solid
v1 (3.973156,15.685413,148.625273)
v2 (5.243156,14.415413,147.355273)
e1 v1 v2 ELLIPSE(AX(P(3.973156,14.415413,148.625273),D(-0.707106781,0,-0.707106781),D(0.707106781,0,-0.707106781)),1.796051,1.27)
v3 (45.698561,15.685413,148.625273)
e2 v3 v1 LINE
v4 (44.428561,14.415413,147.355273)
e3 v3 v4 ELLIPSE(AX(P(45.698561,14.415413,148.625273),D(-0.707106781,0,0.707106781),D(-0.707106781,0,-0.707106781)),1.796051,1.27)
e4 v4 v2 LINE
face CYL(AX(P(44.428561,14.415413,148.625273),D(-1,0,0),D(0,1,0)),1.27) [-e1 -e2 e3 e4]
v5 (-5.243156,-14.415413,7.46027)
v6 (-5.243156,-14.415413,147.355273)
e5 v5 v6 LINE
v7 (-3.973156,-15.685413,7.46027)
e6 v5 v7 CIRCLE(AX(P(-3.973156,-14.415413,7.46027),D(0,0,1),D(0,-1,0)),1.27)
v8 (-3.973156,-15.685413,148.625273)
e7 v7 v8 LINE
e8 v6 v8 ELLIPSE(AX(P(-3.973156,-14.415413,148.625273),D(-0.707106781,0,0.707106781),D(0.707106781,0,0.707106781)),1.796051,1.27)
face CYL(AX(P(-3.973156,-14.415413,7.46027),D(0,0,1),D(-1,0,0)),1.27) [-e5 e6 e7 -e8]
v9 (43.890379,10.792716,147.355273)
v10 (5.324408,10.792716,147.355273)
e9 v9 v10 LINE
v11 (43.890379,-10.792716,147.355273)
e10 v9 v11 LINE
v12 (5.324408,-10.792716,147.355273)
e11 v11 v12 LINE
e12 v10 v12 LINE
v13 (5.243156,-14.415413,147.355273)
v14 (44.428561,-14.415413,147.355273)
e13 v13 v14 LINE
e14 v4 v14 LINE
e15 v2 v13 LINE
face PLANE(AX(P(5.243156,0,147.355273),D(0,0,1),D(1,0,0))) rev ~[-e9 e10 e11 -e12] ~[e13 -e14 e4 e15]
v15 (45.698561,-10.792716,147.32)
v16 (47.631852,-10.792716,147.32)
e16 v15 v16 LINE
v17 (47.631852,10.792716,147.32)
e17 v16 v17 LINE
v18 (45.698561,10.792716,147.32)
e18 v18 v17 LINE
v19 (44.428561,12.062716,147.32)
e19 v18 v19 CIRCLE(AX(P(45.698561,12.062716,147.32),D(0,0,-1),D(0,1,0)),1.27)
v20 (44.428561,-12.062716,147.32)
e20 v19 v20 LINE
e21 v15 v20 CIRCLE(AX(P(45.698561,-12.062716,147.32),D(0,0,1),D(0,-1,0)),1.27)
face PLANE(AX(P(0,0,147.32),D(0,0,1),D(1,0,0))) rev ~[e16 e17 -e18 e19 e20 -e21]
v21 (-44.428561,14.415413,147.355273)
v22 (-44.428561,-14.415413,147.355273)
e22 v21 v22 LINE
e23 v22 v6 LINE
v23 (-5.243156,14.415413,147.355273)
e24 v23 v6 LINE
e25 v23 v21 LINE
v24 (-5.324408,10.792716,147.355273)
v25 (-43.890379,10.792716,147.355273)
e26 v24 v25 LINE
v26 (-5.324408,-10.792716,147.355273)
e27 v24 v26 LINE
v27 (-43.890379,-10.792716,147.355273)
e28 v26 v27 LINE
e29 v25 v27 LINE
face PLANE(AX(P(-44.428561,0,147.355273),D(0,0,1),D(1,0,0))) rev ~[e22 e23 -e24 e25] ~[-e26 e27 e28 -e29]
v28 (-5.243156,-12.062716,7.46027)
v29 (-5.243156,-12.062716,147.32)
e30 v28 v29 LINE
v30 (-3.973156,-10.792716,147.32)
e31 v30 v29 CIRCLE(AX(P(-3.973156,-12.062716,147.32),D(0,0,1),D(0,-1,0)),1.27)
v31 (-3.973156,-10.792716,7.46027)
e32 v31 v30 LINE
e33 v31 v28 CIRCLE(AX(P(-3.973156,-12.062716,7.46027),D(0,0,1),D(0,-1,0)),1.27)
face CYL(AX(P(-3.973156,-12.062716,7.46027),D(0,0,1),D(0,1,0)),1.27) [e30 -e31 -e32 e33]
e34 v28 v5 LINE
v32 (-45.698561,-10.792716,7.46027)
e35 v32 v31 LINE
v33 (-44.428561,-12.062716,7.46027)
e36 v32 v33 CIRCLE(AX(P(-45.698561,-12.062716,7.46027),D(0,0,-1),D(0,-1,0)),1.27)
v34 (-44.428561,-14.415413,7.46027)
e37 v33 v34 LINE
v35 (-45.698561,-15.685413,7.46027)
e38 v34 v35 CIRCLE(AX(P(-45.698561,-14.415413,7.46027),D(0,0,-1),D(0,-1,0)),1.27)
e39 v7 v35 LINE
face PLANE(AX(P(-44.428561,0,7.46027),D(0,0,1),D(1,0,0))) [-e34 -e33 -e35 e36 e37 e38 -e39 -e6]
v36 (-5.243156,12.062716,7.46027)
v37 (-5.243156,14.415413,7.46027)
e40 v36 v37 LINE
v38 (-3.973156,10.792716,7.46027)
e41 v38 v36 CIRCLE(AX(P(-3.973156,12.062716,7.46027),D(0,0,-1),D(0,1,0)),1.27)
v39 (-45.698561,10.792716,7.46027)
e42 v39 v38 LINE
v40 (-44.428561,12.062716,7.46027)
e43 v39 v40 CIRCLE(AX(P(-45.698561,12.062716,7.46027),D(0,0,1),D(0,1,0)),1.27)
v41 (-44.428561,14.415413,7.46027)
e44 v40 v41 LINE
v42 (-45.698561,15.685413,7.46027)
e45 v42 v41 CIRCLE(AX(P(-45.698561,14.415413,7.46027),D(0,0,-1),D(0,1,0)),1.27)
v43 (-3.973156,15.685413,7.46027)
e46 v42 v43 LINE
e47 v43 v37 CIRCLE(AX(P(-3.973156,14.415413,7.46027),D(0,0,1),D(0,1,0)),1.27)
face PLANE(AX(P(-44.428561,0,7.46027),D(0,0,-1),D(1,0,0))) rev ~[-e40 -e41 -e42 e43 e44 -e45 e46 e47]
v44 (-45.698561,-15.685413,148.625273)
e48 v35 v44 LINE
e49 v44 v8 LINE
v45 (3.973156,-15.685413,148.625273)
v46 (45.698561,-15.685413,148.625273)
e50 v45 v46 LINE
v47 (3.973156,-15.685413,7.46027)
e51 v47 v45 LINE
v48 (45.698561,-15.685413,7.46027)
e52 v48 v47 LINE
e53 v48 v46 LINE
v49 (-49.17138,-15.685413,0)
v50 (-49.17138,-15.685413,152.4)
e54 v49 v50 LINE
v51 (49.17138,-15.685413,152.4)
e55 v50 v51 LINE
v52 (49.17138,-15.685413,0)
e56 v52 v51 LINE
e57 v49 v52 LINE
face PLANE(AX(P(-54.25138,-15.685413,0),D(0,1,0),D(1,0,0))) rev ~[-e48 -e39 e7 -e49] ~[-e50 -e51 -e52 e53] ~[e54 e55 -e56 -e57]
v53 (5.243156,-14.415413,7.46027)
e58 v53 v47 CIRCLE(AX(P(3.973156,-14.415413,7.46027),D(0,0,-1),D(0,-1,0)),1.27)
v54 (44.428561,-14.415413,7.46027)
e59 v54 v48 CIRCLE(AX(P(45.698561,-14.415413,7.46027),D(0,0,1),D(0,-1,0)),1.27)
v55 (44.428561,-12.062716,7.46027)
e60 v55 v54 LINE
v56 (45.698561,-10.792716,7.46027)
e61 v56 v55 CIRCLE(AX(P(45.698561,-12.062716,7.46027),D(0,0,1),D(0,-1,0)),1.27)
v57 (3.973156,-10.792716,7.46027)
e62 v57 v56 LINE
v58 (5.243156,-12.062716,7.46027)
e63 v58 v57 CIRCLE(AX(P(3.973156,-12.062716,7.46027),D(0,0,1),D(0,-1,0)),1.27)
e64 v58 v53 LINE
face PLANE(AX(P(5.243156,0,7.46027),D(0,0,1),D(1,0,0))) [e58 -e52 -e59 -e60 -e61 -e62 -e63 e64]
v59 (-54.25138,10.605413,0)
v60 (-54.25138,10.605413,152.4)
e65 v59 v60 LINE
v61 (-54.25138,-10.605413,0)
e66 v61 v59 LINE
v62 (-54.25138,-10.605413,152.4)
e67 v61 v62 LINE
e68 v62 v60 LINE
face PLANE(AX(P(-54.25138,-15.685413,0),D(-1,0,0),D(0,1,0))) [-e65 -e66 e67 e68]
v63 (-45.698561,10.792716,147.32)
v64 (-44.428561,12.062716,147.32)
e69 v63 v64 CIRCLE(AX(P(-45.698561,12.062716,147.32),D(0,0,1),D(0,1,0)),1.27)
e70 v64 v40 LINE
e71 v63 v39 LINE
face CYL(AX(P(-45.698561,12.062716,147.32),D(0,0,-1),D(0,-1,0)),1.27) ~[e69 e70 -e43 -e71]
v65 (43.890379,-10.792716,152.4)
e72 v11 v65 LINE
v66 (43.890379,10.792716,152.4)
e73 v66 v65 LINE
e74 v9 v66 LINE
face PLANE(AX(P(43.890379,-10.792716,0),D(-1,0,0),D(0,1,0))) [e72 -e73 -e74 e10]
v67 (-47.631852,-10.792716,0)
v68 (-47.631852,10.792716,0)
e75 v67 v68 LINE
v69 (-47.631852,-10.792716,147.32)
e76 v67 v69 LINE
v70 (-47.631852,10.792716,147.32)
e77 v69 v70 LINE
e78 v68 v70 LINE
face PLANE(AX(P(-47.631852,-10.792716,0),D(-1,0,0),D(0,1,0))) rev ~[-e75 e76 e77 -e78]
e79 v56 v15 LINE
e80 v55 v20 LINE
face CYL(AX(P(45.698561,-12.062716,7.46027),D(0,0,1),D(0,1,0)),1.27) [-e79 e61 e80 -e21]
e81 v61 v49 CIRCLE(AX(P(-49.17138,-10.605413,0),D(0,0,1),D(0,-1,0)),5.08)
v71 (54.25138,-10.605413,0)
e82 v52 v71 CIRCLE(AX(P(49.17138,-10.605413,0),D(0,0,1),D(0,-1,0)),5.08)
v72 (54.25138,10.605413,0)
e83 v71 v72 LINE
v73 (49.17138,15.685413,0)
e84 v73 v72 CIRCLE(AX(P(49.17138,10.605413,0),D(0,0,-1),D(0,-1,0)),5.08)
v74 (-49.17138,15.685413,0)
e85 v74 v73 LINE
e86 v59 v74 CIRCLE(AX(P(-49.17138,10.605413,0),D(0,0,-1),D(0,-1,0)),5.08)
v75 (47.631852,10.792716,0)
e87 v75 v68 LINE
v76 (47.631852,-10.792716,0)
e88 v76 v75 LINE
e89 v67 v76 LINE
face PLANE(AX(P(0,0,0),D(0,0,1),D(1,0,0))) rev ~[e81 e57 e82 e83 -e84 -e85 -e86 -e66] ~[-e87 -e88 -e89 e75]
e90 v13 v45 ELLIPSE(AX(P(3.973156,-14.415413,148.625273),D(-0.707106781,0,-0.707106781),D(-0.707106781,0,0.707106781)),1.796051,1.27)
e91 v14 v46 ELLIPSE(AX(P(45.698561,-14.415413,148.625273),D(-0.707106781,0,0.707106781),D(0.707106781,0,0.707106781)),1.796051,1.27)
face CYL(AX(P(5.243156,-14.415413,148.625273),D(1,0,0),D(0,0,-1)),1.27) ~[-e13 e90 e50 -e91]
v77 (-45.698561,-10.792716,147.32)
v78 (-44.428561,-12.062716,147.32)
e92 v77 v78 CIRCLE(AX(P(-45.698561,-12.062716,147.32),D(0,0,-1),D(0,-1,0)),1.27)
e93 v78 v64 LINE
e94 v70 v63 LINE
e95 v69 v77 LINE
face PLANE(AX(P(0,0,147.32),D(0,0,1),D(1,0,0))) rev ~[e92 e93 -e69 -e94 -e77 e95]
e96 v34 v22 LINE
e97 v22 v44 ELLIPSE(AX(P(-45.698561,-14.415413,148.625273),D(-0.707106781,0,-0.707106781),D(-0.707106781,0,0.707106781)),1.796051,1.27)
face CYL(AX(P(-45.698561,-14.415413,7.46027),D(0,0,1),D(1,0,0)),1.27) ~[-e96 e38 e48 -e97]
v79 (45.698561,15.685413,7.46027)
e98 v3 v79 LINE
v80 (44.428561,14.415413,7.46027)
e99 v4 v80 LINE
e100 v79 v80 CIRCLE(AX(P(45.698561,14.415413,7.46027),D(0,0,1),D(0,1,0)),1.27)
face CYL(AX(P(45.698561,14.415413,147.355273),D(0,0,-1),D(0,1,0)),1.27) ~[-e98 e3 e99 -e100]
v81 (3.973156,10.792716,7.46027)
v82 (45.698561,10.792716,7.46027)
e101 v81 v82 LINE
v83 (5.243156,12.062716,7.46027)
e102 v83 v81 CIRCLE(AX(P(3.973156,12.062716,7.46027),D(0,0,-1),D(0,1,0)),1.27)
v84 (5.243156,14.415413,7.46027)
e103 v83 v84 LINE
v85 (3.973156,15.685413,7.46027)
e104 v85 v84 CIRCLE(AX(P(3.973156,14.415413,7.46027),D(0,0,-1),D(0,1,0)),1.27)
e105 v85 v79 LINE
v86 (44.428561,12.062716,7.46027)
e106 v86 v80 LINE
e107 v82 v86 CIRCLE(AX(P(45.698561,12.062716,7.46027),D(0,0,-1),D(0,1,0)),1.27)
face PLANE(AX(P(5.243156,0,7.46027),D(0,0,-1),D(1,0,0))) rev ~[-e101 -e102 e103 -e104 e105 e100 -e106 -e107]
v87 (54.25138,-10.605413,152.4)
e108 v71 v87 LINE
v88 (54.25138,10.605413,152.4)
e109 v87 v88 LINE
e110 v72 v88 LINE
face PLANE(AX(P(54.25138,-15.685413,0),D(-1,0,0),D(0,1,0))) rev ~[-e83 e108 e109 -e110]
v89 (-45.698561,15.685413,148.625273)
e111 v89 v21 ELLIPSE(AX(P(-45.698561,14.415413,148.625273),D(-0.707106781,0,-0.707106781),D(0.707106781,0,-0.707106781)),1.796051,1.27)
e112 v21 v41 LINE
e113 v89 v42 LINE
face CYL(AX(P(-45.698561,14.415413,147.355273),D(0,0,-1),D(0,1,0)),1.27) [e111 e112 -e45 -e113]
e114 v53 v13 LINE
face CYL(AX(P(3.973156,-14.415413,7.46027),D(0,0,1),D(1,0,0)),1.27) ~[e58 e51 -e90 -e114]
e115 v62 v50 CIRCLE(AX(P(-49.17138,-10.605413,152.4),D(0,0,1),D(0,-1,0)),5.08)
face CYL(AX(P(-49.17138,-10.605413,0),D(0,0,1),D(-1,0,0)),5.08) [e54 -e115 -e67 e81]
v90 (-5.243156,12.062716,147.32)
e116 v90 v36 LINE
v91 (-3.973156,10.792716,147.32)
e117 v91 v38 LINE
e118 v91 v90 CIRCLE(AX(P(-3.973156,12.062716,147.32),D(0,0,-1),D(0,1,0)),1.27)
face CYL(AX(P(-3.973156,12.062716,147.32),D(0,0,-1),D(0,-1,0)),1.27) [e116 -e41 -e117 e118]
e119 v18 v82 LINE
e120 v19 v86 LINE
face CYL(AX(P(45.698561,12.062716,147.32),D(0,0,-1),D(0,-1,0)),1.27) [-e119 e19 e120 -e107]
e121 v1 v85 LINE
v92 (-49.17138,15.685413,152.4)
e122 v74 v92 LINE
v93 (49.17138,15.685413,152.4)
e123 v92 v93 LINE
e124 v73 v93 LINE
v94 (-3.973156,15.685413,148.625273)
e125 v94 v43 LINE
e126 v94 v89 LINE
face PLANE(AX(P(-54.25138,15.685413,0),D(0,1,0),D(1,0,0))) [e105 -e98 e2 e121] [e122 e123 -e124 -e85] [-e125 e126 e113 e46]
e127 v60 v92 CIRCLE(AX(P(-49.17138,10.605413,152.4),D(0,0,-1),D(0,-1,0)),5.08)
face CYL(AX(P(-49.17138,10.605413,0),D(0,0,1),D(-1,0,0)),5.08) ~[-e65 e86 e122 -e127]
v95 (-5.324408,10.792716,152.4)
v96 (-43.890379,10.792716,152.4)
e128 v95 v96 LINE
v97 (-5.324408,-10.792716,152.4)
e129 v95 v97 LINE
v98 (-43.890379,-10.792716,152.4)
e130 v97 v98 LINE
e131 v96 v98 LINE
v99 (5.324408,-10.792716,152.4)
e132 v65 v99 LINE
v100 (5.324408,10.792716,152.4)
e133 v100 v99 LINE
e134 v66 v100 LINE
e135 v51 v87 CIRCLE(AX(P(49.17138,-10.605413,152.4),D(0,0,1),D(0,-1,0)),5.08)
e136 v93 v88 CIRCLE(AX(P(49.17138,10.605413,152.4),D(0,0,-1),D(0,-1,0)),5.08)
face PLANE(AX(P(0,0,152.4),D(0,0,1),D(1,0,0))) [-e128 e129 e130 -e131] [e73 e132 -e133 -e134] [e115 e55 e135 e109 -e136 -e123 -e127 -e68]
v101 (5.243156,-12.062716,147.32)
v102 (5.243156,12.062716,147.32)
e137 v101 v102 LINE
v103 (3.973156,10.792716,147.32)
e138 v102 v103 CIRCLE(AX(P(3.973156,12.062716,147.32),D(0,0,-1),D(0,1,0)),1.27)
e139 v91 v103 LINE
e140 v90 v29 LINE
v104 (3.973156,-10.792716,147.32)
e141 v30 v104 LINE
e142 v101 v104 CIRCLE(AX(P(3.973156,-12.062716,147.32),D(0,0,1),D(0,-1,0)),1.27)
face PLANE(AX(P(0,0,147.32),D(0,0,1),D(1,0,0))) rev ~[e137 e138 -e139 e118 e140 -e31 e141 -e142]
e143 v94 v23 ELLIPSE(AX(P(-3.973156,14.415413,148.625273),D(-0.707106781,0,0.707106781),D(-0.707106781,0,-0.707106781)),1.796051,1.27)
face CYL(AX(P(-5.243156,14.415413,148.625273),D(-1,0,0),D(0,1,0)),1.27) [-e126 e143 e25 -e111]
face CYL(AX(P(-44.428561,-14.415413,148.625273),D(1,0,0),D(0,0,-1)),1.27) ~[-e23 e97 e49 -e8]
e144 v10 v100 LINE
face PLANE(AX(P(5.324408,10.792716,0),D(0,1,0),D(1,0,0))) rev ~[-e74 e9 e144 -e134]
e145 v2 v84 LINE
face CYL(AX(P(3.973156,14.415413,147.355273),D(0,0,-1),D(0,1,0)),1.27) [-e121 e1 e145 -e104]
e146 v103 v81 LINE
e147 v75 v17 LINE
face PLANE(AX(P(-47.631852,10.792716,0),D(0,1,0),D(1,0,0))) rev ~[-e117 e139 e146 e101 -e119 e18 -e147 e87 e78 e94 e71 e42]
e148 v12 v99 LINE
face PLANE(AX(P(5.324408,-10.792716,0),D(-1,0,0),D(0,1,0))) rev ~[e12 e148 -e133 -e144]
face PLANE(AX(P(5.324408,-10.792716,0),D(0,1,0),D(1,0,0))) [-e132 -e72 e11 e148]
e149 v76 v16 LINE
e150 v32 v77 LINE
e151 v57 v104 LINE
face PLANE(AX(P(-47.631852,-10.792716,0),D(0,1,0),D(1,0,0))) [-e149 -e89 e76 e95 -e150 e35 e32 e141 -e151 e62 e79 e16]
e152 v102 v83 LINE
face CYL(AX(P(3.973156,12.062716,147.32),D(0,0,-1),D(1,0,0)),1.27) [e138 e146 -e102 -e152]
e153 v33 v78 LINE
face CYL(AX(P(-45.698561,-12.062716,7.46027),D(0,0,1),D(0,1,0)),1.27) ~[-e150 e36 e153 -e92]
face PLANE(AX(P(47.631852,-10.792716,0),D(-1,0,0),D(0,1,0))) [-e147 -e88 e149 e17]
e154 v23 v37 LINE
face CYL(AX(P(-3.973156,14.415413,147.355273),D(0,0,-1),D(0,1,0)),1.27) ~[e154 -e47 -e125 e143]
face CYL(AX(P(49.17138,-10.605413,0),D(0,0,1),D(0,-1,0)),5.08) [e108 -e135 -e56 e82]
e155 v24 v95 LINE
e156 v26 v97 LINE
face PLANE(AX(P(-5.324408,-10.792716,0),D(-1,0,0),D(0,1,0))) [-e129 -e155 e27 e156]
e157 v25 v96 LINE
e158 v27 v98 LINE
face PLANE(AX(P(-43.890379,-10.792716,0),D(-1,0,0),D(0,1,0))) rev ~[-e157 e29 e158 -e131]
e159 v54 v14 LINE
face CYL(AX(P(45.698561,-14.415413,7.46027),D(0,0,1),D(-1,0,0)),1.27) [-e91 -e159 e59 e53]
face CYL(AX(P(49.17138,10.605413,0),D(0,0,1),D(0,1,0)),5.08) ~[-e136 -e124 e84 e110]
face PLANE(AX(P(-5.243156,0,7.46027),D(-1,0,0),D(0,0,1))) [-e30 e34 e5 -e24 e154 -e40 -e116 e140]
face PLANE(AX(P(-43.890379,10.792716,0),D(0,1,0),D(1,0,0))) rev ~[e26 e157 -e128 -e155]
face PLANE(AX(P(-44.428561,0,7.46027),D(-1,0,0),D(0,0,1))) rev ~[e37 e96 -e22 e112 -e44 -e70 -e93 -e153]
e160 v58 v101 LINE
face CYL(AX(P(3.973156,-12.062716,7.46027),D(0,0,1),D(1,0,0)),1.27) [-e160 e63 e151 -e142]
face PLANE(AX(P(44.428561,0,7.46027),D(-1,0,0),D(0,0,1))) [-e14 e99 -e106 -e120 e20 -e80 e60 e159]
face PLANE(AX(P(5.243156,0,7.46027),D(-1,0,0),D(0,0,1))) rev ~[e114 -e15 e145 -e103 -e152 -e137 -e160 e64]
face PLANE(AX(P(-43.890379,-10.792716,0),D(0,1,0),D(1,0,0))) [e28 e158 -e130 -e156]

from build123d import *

# Parameters (mm, degrees)
F0_W          = 108.5027605295
F0_H          = 31.3708260655
F1_DEPTH      = 152.4
F2_W          = 95.2637046576
F2_H          = 21.5854328126
F3_DEPTH      = 147.32
F4_R          = 5.08
F5_W          = 39.1854047775
F5_H          = 139.895003289
F6_DEPTH      = 15.6864130328
F6_DEPTH_BACK = 15.6864130328
F7_R          = 1.27
F8_W          = 38.5659714229
F8_H          = 21.5854328126
F9_DEPTH      = 152.401


with BuildPart() as f1:
    # F0 (on Top) → F1 (new body)
    with BuildSketch(Plane.XY):
        Rectangle(F0_W, F0_H)
    extrude(amount=F1_DEPTH)

    # F2 (on Top) → F3 (cut)
    with BuildSketch(Plane.XY):
        Rectangle(F2_W, F2_H)
    extrude(amount=F3_DEPTH, mode=Mode.SUBTRACT)

    # F4
    f4_edges = [f1.edges().sort_by_distance(p)[0] for p in [
        (-54.25138, 15.685413, 76.2),
        (-54.25138, -15.685413, 76.2),
        (54.25138, -15.685413, 76.2),
        (54.25138, 15.685413, 76.2),
    ]]
    fillet(f4_edges, radius=F4_R)

    # F5 (on Front) → F6 (cut, two sides)
    with BuildSketch(Plane.XZ) as f6_sk:
        with Locations((24.835858494, 77.4077717215)):
            Rectangle(F5_W, F5_H)
        with Locations((-24.835858494, 77.4077717215)):
            Rectangle(F5_W, F5_H)
    extrude(amount=-F6_DEPTH, mode=Mode.SUBTRACT)
    extrude(f6_sk.sketch, amount=F6_DEPTH_BACK, mode=Mode.SUBTRACT)

    # F7
    f7_edges = [f1.edges().sort_by_distance(p)[0] for p in [
        (5.243156, -15.685413, 77.407772),
        (5.243156, -10.792716, 77.390135),
        (-5.243156, -15.685413, 77.407772),
        (-5.243156, -10.792716, 77.390135),
        (-5.243156, 10.792716, 77.390135),
        (-5.243156, 15.685413, 77.407772),
        (5.243156, 10.792716, 77.390135),
        (5.243156, 15.685413, 77.407772),
        (44.428561, -15.685413, 77.407772),
        (44.428561, -10.792716, 77.390135),
        (44.428561, 10.792716, 77.390135),
        (44.428561, 15.685413, 77.407772),
        (-44.428561, 10.792716, 77.390135),
        (-44.428561, 15.685413, 77.407772),
        (-44.428561, -10.792716, 77.390135),
        (-44.428561, -15.685413, 77.407772),
        (-24.835858, 15.685413, 147.355273),
        (-24.835858, -15.685413, 147.355273),
        (24.835858, -15.685413, 147.355273),
        (24.835858, 15.685413, 147.355273),
    ]]
    fillet(f7_edges, radius=F7_R)

    # F8 (on Top) → F9 (cut, through all)
    with BuildSketch(Plane.XY):
        with Locations((-24.6073936578, 0)):
            Rectangle(F8_W, F8_H)
        with Locations((24.6073936578, 0)):
            Rectangle(F8_W, F8_H)
    extrude(amount=F9_DEPTH, mode=Mode.SUBTRACT)


solid = f1.part
